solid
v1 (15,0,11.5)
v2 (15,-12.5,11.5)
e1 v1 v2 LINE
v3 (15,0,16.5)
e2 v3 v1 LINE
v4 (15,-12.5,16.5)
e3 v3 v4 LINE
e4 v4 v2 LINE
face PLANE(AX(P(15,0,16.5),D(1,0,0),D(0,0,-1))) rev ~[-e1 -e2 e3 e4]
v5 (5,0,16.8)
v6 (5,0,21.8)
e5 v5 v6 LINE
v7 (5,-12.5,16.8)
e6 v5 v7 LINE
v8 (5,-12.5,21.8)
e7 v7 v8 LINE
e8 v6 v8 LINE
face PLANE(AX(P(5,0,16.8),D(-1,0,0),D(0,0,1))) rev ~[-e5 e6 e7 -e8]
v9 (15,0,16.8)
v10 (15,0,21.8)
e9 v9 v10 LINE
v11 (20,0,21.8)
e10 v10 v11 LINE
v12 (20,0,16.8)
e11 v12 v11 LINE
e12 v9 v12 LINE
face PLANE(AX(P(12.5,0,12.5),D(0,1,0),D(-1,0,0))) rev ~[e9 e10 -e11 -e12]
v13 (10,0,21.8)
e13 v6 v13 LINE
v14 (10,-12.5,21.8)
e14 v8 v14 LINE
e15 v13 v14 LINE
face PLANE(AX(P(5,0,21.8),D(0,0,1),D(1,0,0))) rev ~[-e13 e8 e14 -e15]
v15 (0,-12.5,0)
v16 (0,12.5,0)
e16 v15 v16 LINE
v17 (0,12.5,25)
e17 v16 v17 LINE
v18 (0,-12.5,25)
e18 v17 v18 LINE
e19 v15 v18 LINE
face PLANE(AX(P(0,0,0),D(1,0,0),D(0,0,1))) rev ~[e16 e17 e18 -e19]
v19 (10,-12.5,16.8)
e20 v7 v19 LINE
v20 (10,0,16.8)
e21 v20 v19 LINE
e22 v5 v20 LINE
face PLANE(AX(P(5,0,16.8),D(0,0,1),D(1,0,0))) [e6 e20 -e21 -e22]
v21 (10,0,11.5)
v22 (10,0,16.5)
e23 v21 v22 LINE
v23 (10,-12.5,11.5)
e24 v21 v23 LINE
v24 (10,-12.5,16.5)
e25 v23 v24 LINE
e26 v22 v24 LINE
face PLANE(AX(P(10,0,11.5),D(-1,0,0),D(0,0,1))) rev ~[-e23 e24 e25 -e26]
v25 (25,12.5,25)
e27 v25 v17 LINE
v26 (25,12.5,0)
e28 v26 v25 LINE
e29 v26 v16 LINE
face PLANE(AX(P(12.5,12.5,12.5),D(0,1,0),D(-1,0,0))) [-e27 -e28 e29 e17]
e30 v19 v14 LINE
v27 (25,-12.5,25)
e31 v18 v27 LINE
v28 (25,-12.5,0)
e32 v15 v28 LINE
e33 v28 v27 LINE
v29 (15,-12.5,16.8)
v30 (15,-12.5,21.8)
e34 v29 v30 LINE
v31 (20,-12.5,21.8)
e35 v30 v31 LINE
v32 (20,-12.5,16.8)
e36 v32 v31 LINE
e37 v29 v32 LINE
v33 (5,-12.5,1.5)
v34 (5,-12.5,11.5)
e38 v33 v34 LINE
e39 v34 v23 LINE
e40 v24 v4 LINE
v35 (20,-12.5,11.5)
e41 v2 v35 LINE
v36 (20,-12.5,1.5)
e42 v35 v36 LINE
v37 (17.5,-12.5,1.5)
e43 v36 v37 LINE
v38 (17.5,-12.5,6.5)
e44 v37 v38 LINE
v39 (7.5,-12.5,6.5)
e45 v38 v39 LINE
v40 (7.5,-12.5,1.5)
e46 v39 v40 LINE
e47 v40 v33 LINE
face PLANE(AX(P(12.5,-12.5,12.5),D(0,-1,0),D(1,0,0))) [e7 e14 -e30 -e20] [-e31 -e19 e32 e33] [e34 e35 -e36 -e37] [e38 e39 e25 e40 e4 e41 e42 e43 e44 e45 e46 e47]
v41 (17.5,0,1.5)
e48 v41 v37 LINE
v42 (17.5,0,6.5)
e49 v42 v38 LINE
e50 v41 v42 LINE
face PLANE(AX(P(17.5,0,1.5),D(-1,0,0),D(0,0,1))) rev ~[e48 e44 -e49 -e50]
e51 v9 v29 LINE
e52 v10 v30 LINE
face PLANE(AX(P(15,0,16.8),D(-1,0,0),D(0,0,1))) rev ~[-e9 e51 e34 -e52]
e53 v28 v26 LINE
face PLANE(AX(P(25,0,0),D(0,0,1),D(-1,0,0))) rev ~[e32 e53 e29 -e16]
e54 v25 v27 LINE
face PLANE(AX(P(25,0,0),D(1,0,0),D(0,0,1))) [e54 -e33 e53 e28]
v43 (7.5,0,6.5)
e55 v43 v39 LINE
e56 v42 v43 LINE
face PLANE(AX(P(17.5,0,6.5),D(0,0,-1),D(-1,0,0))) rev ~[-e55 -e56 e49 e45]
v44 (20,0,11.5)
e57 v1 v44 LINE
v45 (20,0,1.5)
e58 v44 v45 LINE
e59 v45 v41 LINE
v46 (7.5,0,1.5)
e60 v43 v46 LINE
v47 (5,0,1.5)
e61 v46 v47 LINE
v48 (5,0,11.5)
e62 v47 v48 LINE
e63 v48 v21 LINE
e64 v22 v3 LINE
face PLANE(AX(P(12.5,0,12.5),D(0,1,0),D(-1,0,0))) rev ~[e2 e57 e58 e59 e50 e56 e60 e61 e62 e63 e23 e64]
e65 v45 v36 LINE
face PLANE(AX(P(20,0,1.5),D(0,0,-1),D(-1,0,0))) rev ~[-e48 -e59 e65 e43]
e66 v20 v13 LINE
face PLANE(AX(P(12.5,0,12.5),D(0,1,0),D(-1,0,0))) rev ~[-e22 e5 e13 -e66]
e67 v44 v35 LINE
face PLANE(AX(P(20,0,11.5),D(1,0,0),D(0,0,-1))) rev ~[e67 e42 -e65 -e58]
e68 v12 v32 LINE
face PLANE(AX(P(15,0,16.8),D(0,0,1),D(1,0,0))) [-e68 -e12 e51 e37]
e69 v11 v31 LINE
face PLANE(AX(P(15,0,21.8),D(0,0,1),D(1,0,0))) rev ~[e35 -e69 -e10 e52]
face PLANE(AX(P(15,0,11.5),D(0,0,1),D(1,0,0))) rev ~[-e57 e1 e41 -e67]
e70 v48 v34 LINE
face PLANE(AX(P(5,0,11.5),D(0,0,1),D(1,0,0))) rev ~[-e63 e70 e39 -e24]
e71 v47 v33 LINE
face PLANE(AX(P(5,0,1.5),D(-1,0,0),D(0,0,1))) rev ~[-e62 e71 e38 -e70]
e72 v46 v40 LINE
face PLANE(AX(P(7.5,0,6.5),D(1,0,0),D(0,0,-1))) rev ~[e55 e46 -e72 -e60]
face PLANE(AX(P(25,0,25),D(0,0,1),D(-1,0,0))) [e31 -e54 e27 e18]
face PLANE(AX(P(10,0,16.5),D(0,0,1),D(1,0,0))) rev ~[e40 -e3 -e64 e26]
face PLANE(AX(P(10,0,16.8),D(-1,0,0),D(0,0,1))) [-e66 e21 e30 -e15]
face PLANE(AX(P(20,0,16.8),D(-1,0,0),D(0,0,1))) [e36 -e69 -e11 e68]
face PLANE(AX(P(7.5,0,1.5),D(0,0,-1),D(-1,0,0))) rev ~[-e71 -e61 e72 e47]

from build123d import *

# Parameters (mm, degrees)
F0_W     = 25
F0_H     = 25
F0_W_2   = 5
F0_H_2   = 5
F1_DEPTH = 12.5
F2_W     = 25
F2_H     = 25
F3_DEPTH = 12.5


with BuildPart() as f1:
    # F0 (on Front) → F1 (new body)
    with BuildSketch(Plane.XZ):
        with Locations((12.5, 12.5)):
            Rectangle(F0_W, F0_H)
        Polygon((10, 16.5), (15, 16.5), (15, 11.5), (20, 11.5), (20, 6.5), (20, 1.5), (17.5, 1.5), (17.5, 6.5), (7.5, 6.5), (7.5, 1.5), (5, 1.5), (5, 6.5), (5, 11.5), (10, 11.5), align=None, mode=Mode.SUBTRACT)
        with Locations((7.5, 19.3)):
            Rectangle(F0_W_2, F0_H_2, mode=Mode.SUBTRACT)
        with Locations((17.5, 19.3)):
            Rectangle(F0_W_2, F0_H_2, mode=Mode.SUBTRACT)
    extrude(amount=F1_DEPTH)

    # F2 (on face) → F3 (join)
    with BuildSketch(Plane(origin=(0, 0, 0), x_dir=(-1, 0, 0), z_dir=(0, 1, 0))):
        with Locations((-12.5, 12.5)):
            Rectangle(F2_W, F2_H)
    extrude(amount=F3_DEPTH)


solid = f1.part
